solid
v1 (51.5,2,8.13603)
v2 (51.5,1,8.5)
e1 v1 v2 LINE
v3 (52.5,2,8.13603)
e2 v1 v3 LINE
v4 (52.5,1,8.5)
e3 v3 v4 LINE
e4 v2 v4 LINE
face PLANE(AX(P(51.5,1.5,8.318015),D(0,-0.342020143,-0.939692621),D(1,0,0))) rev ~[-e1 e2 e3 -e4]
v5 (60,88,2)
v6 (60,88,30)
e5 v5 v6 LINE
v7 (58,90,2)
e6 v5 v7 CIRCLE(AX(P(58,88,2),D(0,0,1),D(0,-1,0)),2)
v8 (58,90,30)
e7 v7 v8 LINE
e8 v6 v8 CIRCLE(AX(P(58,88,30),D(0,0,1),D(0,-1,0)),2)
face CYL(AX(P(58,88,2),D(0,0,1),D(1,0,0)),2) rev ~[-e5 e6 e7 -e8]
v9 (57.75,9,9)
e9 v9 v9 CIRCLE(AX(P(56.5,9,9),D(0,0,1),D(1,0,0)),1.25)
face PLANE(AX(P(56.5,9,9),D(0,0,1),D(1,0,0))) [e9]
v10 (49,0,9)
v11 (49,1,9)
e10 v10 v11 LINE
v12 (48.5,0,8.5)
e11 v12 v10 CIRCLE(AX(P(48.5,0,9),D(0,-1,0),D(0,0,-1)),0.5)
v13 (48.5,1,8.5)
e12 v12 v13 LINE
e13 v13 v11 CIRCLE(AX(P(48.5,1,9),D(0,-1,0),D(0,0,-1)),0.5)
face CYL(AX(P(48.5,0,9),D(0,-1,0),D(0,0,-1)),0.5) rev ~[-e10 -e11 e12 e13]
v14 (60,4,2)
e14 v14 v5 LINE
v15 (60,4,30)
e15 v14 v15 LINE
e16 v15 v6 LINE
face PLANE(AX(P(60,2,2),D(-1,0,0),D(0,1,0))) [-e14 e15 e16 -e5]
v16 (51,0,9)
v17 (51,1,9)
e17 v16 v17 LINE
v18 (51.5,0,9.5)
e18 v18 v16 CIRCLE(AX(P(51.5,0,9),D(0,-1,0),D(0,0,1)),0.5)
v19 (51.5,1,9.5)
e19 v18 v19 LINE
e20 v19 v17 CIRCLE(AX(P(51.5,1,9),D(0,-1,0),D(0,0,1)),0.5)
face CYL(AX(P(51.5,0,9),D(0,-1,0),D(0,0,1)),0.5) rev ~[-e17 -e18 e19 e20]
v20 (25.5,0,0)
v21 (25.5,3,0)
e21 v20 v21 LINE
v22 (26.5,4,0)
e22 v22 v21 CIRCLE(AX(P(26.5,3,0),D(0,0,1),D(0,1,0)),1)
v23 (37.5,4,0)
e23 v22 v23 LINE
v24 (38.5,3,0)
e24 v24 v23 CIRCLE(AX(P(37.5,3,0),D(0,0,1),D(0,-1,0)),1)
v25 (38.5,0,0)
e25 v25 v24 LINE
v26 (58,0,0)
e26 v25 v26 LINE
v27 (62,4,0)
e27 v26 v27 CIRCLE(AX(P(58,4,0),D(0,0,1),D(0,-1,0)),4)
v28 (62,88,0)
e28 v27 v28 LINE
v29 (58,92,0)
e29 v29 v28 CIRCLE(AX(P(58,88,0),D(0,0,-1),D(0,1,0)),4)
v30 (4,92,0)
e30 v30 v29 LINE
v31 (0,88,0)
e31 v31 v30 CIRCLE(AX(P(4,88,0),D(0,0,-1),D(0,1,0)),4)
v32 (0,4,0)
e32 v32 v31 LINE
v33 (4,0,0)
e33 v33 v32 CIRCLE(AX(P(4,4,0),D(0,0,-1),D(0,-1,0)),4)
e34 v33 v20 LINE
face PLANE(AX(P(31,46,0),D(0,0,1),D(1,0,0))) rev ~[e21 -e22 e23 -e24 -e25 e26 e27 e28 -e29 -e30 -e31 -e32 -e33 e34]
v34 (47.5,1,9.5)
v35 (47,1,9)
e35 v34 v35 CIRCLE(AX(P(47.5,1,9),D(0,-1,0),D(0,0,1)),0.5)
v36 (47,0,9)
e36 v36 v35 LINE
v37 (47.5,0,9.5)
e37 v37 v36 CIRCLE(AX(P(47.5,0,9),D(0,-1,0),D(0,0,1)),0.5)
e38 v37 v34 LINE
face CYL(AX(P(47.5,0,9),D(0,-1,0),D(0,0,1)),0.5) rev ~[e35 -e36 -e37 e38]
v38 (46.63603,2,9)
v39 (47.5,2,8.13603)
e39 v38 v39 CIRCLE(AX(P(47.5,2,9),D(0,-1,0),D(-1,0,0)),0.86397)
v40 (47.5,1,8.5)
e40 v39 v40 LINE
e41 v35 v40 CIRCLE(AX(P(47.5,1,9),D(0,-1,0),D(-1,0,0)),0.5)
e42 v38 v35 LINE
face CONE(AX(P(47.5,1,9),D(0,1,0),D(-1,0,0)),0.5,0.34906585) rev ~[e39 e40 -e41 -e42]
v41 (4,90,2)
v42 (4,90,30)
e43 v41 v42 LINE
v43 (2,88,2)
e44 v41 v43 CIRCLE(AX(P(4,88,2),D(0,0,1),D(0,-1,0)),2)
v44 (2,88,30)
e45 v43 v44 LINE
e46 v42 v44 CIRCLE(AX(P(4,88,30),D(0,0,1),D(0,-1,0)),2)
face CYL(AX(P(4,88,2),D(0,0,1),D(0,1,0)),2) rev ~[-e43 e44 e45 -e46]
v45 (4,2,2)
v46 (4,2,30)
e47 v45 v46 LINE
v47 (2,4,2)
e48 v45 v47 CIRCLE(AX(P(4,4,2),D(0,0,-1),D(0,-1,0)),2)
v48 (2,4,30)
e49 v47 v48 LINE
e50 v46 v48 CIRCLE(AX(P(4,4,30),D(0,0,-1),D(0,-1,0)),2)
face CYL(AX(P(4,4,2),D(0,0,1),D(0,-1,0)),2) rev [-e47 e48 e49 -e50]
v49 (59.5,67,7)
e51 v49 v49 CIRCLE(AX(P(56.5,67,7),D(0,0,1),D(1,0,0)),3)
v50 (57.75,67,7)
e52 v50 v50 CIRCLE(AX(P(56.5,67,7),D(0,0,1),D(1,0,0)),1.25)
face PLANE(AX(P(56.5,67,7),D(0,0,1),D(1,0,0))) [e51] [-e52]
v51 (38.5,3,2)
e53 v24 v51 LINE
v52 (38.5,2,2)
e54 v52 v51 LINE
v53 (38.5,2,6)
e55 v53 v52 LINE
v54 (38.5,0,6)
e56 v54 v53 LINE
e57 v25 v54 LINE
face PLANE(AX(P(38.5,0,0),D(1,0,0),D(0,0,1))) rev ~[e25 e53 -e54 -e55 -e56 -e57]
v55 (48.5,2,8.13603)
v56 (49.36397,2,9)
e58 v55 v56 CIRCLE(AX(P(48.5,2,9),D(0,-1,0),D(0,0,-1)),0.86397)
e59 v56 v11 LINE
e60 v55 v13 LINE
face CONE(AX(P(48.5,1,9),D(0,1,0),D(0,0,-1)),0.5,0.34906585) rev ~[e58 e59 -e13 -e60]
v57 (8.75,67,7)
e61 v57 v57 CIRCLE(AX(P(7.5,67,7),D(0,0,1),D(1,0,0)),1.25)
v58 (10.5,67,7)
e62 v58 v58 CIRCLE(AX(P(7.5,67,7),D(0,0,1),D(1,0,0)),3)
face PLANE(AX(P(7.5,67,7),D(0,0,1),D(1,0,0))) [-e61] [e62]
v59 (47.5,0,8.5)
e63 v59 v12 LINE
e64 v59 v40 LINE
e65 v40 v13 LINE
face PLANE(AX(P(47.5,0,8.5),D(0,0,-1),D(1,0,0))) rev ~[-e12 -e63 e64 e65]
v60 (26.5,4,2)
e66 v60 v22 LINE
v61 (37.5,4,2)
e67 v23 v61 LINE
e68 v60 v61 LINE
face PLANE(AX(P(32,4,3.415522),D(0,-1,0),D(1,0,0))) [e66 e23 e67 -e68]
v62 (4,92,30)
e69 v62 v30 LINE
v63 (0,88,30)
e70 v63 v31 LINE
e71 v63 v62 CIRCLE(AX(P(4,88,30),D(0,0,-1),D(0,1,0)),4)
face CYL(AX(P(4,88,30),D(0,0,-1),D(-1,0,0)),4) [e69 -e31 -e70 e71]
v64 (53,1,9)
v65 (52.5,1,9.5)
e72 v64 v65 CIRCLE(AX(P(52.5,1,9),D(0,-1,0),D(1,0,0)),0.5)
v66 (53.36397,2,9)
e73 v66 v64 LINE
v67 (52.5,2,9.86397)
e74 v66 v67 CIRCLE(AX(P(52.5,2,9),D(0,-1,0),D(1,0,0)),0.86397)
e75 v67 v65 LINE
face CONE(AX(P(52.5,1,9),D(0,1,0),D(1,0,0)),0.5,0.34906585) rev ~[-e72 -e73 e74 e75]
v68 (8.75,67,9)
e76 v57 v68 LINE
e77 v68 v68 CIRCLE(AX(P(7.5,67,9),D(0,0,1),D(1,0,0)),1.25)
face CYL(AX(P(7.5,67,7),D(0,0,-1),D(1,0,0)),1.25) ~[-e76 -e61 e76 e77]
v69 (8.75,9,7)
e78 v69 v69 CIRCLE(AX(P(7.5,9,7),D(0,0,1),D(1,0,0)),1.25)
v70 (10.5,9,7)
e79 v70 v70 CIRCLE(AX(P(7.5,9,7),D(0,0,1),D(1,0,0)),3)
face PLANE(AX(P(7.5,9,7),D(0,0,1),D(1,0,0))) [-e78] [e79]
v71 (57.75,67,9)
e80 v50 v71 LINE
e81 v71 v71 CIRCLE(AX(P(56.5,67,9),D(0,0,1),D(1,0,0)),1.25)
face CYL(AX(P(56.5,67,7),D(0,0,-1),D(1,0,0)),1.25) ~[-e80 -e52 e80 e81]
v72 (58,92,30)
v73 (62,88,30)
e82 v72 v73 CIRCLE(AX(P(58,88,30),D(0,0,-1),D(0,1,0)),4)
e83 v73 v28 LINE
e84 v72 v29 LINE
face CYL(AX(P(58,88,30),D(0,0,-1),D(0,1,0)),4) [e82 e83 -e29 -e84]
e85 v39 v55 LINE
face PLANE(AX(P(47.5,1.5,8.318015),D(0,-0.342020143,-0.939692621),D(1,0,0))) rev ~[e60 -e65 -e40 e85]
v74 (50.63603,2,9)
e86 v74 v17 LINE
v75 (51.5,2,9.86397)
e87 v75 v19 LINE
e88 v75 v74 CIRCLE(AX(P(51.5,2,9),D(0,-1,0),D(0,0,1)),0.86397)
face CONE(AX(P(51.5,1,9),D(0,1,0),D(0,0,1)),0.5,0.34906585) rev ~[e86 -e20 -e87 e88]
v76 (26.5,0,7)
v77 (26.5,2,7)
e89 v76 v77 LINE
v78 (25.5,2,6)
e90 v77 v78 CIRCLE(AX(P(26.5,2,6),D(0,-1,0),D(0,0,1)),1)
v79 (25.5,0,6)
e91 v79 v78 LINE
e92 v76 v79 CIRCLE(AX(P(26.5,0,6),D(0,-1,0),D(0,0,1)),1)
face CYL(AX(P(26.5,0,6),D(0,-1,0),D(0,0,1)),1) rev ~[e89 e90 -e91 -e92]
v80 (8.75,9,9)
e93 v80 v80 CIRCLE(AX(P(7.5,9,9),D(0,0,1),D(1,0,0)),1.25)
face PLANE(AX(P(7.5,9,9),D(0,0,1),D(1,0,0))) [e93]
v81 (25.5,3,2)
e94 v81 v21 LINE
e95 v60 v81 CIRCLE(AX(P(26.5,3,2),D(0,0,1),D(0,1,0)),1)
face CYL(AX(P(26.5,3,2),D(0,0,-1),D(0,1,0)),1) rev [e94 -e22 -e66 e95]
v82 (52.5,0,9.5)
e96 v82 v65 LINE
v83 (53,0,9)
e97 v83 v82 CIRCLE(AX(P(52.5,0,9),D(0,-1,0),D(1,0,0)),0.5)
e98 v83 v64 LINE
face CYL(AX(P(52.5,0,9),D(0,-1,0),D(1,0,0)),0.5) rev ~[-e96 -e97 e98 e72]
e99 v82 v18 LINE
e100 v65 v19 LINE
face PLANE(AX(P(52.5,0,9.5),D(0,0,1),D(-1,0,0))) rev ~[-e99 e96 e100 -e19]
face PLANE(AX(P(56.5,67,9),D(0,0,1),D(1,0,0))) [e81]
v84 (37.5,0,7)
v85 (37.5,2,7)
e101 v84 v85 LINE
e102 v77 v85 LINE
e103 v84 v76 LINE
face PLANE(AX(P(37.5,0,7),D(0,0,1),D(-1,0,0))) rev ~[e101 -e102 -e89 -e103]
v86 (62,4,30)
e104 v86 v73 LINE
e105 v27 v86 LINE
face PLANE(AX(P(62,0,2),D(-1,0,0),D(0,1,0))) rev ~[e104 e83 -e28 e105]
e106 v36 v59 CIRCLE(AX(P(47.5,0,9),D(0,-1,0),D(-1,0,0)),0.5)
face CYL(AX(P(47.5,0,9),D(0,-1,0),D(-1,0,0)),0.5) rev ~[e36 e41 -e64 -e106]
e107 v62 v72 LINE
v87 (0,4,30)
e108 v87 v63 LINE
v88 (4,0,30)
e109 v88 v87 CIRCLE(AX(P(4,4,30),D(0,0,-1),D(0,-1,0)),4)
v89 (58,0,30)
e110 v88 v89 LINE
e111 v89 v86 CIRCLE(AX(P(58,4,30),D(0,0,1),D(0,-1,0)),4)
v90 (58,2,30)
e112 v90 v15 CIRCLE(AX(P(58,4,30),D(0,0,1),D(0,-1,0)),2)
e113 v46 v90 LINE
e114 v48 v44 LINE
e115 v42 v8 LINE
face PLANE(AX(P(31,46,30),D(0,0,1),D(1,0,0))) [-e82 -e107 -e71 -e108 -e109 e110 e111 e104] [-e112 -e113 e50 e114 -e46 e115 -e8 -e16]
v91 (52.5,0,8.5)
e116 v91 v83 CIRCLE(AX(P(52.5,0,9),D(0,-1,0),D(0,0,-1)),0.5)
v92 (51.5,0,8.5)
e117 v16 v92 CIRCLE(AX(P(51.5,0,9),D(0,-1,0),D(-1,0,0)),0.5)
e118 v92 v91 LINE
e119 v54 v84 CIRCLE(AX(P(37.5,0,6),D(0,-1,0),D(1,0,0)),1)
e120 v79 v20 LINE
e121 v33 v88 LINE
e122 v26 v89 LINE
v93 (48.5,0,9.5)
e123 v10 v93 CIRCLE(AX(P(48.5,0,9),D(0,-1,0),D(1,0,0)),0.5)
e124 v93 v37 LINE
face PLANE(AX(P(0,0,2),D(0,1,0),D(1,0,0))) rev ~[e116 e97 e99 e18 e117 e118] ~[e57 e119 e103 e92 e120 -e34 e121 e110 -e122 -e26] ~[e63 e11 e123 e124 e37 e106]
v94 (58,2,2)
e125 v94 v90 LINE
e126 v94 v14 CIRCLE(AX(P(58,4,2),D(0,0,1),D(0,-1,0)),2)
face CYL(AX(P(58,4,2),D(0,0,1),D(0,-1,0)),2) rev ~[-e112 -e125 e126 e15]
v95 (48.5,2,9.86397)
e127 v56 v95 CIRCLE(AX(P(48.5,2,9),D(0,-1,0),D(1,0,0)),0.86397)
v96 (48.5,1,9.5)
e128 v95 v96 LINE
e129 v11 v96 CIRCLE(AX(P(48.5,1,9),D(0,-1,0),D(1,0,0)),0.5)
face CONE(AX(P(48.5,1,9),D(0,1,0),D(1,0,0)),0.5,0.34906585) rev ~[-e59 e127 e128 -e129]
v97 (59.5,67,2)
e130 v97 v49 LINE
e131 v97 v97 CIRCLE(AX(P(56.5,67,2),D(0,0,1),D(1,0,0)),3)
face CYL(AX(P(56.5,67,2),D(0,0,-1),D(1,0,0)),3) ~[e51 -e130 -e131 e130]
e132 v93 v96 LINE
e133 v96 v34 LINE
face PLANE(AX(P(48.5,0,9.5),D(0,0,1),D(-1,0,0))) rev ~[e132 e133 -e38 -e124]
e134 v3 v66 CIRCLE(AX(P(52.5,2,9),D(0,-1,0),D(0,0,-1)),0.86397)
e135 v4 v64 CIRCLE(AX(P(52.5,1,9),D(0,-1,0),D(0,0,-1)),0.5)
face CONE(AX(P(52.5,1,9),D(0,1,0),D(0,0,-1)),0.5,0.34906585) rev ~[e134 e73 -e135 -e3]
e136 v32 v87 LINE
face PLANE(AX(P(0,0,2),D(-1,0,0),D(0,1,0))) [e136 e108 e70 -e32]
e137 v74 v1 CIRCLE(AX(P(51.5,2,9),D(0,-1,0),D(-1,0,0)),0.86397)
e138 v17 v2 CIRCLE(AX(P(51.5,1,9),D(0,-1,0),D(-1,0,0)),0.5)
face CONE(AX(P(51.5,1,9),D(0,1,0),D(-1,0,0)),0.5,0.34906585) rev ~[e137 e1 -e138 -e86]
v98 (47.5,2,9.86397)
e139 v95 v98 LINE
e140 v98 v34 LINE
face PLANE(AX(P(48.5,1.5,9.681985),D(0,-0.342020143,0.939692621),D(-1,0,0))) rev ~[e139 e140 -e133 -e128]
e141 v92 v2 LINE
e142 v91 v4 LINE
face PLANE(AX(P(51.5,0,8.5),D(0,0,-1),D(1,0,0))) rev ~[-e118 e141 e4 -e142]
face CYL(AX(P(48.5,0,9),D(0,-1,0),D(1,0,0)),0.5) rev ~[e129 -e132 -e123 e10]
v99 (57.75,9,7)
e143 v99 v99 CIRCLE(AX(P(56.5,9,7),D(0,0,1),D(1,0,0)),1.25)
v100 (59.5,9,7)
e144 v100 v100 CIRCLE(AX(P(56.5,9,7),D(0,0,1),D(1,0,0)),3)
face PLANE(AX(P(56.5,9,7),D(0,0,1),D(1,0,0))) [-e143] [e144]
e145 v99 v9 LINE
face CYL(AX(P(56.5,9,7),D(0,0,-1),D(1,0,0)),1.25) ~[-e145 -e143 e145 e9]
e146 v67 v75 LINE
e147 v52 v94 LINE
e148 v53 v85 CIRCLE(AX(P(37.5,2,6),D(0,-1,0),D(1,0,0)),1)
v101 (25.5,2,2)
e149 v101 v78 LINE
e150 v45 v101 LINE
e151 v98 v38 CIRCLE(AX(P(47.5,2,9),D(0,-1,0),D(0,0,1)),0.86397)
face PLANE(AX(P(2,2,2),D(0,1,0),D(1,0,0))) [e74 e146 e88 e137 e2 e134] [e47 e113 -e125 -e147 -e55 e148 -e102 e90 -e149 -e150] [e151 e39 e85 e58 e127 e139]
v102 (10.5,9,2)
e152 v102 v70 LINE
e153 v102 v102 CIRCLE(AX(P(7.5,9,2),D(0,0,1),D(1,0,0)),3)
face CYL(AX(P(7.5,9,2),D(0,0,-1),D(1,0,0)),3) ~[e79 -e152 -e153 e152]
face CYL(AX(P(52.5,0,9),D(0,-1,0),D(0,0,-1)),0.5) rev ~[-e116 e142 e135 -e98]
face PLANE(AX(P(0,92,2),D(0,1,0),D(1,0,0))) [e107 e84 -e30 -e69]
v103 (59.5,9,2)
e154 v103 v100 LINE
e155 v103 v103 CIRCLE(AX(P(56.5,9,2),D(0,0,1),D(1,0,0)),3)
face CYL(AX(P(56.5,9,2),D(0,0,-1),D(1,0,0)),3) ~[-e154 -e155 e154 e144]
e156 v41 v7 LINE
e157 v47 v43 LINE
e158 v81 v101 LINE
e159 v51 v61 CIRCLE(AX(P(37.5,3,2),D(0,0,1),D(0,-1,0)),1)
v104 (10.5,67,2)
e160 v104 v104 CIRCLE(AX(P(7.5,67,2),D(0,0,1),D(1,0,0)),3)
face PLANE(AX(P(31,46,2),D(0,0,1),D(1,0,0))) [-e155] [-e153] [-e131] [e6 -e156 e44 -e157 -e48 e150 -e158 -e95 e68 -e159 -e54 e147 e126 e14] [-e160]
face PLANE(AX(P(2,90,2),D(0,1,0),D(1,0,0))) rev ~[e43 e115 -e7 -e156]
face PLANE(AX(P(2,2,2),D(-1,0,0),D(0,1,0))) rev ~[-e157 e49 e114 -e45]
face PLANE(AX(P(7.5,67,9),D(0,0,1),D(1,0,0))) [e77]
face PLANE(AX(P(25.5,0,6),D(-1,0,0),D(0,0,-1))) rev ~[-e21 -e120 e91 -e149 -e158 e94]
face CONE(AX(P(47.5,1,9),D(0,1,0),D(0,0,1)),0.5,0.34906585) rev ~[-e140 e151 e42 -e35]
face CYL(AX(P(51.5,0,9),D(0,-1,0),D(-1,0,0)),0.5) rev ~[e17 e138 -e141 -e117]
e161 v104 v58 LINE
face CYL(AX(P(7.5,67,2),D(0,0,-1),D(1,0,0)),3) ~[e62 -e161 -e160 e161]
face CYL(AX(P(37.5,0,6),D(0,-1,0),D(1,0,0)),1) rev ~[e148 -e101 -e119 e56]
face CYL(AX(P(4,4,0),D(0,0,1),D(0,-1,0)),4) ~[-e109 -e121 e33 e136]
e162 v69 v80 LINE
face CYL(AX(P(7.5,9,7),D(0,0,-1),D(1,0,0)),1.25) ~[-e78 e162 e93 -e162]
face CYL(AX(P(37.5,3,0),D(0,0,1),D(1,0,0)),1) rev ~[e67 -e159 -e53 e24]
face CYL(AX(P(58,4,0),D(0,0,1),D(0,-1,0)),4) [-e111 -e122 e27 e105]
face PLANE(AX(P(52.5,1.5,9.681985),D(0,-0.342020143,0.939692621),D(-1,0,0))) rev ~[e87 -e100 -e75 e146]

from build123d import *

# Parameters (mm, degrees)
F0_W      = 62
F0_H      = 92
F1_DEPTH  = 2
F2_W      = 62
F2_H      = 92
F2_W_2    = 58
F2_H_2    = 88
F2_R      = 3
F3_DEPTH  = 28
F4_DEPTH  = 23
F5_R      = 1.25
F6_DEPTH  = 2
F7_R      = 1.25
F8_DEPTH  = 2
F9_R      = 1.25
F10_DEPTH = 2
F11_R     = 1.25
F12_DEPTH = 2
F14_DEPTH = 4
F15_R     = 1
F16_R     = 2
F17_R     = 4
F18_SIZE2 = 1
F18_SIZE  = 0.3639702343


with BuildPart() as f1:
    # F0 (on Top) → F1 (new body)
    with BuildSketch(Plane.XY):
        with Locations((31, 46)):
            Rectangle(F0_W, F0_H)
    extrude(amount=F1_DEPTH)

    # F2 (on face) → F3 (join)
    with BuildSketch(Plane.XY.offset(2)):
        with Locations((31, 46)):
            Rectangle(F2_W, F2_H)
        with Locations((31, 46)):
            Rectangle(F2_W_2, F2_H_2, mode=Mode.SUBTRACT)
        with Locations((7.5, 67)):
            Circle(F2_R)
        with Locations((56.5, 67)):
            Circle(F2_R)
        with Locations((7.5, 9)):
            Circle(F2_R)
        with Locations((56.5, 9)):
            Circle(F2_R)
    extrude(amount=F3_DEPTH)

    # F4 (cut): faces of the model
    f4_faces = [f1.faces().sort_by_distance(p)[0] for p in [
        (7.5, 67, 30),
        (56.5, 67, 30),
        (56.5, 9, 30),
        (7.5, 9, 30),
    ]]
    extrude(f4_faces, amount=-F4_DEPTH, mode=Mode.SUBTRACT)

    # F5 (on face) → F6 (join)
    with BuildSketch(Plane.XY.offset(7)):
        with Locations((7.5, 9)):
            Circle(F5_R)
    extrude(amount=F6_DEPTH)

    # F7 (on face) → F8 (join)
    with BuildSketch(Plane.XY.offset(7)):
        with Locations((56.5, 9)):
            Circle(F7_R)
    extrude(amount=F8_DEPTH)

    # F9 (on face) → F10 (join)
    with BuildSketch(Plane.XY.offset(7)):
        with Locations((56.5, 67)):
            Circle(F9_R)
    extrude(amount=F10_DEPTH)

    # F11 (on face) → F12 (join)
    with BuildSketch(Plane.XY.offset(7)):
        with Locations((7.5, 67)):
            Circle(F11_R)
    extrude(amount=F12_DEPTH)

    # F13 (on face) → F14 (cut)
    with BuildSketch(Plane.XZ):
        with BuildLine():
            ThreePointArc((38.5, 6), (38.2071067812, 6.7071067812), (37.5, 7))
            Line((37.5, 7), (26.5, 7))
            ThreePointArc((26.5, 7), (25.7928932188, 6.7071067812), (25.5, 6))
            Line((25.5, 6), (25.5, 0))
            Line((25.5, 0), (38.5, 0))
            Line((38.5, 0), (38.5, 6))
        make_face()
        with BuildLine():
            Line((48.5, 9.5), (47.5, 9.5))
            ThreePointArc((47.5, 9.5), (47.1464466094, 9.3535533906), (47, 9))
            ThreePointArc((47, 9), (47.1464466094, 8.6464466094), (47.5, 8.5))
            Line((47.5, 8.5), (48.5, 8.5))
            ThreePointArc((48.5, 8.5), (48.8535533906, 8.6464466094), (49, 9))
            ThreePointArc((49, 9), (48.8535533906, 9.3535533906), (48.5, 9.5))
        make_face()
        with BuildLine():
            Line((52.5, 9.5), (51.5, 9.5))
            ThreePointArc((51.5, 9.5), (51.1464466094, 9.3535533906), (51, 9))
            ThreePointArc((51, 9), (51.1464466094, 8.6464466094), (51.5, 8.5))
            Line((51.5, 8.5), (52.5, 8.5))
            ThreePointArc((52.5, 8.5), (52.8535533906, 8.6464466094), (53, 9))
            ThreePointArc((53, 9), (52.8535533906, 9.3535533906), (52.5, 9.5))
        make_face()
    extrude(amount=-F14_DEPTH, mode=Mode.SUBTRACT)

    # F15
    f15_edges = [f1.edges().sort_by_distance(p)[0] for p in [
        (25.5, 4, 1),
        (38.5, 4, 1),
    ]]
    fillet(f15_edges, radius=F15_R)

    # F16
    f16_edges = [f1.edges().sort_by_distance(p)[0] for p in [
        (2, 90, 16),
        (60, 90, 16),
        (60, 2, 16),
        (2, 2, 16),
    ]]
    fillet(f16_edges, radius=F16_R)

    # F17
    f17_edges = [f1.edges().sort_by_distance(p)[0] for p in [
        (0, 92, 15),
        (62, 92, 15),
        (62, 0, 15),
        (0, 0, 15),
    ]]
    fillet(f17_edges, radius=F17_R)

    # F18
    f18_edges = [f1.edges().sort_by_distance(p)[0] for p in [
        (51, 2, 9),
        (47, 2, 9),
    ]]
    f18_side = f1.faces().sort_by_distance((30.90829, 2, 16.53228))[0]
    chamfer(f18_edges, length=F18_SIZE, length2=F18_SIZE2, reference=f18_side)


solid = f1.part
